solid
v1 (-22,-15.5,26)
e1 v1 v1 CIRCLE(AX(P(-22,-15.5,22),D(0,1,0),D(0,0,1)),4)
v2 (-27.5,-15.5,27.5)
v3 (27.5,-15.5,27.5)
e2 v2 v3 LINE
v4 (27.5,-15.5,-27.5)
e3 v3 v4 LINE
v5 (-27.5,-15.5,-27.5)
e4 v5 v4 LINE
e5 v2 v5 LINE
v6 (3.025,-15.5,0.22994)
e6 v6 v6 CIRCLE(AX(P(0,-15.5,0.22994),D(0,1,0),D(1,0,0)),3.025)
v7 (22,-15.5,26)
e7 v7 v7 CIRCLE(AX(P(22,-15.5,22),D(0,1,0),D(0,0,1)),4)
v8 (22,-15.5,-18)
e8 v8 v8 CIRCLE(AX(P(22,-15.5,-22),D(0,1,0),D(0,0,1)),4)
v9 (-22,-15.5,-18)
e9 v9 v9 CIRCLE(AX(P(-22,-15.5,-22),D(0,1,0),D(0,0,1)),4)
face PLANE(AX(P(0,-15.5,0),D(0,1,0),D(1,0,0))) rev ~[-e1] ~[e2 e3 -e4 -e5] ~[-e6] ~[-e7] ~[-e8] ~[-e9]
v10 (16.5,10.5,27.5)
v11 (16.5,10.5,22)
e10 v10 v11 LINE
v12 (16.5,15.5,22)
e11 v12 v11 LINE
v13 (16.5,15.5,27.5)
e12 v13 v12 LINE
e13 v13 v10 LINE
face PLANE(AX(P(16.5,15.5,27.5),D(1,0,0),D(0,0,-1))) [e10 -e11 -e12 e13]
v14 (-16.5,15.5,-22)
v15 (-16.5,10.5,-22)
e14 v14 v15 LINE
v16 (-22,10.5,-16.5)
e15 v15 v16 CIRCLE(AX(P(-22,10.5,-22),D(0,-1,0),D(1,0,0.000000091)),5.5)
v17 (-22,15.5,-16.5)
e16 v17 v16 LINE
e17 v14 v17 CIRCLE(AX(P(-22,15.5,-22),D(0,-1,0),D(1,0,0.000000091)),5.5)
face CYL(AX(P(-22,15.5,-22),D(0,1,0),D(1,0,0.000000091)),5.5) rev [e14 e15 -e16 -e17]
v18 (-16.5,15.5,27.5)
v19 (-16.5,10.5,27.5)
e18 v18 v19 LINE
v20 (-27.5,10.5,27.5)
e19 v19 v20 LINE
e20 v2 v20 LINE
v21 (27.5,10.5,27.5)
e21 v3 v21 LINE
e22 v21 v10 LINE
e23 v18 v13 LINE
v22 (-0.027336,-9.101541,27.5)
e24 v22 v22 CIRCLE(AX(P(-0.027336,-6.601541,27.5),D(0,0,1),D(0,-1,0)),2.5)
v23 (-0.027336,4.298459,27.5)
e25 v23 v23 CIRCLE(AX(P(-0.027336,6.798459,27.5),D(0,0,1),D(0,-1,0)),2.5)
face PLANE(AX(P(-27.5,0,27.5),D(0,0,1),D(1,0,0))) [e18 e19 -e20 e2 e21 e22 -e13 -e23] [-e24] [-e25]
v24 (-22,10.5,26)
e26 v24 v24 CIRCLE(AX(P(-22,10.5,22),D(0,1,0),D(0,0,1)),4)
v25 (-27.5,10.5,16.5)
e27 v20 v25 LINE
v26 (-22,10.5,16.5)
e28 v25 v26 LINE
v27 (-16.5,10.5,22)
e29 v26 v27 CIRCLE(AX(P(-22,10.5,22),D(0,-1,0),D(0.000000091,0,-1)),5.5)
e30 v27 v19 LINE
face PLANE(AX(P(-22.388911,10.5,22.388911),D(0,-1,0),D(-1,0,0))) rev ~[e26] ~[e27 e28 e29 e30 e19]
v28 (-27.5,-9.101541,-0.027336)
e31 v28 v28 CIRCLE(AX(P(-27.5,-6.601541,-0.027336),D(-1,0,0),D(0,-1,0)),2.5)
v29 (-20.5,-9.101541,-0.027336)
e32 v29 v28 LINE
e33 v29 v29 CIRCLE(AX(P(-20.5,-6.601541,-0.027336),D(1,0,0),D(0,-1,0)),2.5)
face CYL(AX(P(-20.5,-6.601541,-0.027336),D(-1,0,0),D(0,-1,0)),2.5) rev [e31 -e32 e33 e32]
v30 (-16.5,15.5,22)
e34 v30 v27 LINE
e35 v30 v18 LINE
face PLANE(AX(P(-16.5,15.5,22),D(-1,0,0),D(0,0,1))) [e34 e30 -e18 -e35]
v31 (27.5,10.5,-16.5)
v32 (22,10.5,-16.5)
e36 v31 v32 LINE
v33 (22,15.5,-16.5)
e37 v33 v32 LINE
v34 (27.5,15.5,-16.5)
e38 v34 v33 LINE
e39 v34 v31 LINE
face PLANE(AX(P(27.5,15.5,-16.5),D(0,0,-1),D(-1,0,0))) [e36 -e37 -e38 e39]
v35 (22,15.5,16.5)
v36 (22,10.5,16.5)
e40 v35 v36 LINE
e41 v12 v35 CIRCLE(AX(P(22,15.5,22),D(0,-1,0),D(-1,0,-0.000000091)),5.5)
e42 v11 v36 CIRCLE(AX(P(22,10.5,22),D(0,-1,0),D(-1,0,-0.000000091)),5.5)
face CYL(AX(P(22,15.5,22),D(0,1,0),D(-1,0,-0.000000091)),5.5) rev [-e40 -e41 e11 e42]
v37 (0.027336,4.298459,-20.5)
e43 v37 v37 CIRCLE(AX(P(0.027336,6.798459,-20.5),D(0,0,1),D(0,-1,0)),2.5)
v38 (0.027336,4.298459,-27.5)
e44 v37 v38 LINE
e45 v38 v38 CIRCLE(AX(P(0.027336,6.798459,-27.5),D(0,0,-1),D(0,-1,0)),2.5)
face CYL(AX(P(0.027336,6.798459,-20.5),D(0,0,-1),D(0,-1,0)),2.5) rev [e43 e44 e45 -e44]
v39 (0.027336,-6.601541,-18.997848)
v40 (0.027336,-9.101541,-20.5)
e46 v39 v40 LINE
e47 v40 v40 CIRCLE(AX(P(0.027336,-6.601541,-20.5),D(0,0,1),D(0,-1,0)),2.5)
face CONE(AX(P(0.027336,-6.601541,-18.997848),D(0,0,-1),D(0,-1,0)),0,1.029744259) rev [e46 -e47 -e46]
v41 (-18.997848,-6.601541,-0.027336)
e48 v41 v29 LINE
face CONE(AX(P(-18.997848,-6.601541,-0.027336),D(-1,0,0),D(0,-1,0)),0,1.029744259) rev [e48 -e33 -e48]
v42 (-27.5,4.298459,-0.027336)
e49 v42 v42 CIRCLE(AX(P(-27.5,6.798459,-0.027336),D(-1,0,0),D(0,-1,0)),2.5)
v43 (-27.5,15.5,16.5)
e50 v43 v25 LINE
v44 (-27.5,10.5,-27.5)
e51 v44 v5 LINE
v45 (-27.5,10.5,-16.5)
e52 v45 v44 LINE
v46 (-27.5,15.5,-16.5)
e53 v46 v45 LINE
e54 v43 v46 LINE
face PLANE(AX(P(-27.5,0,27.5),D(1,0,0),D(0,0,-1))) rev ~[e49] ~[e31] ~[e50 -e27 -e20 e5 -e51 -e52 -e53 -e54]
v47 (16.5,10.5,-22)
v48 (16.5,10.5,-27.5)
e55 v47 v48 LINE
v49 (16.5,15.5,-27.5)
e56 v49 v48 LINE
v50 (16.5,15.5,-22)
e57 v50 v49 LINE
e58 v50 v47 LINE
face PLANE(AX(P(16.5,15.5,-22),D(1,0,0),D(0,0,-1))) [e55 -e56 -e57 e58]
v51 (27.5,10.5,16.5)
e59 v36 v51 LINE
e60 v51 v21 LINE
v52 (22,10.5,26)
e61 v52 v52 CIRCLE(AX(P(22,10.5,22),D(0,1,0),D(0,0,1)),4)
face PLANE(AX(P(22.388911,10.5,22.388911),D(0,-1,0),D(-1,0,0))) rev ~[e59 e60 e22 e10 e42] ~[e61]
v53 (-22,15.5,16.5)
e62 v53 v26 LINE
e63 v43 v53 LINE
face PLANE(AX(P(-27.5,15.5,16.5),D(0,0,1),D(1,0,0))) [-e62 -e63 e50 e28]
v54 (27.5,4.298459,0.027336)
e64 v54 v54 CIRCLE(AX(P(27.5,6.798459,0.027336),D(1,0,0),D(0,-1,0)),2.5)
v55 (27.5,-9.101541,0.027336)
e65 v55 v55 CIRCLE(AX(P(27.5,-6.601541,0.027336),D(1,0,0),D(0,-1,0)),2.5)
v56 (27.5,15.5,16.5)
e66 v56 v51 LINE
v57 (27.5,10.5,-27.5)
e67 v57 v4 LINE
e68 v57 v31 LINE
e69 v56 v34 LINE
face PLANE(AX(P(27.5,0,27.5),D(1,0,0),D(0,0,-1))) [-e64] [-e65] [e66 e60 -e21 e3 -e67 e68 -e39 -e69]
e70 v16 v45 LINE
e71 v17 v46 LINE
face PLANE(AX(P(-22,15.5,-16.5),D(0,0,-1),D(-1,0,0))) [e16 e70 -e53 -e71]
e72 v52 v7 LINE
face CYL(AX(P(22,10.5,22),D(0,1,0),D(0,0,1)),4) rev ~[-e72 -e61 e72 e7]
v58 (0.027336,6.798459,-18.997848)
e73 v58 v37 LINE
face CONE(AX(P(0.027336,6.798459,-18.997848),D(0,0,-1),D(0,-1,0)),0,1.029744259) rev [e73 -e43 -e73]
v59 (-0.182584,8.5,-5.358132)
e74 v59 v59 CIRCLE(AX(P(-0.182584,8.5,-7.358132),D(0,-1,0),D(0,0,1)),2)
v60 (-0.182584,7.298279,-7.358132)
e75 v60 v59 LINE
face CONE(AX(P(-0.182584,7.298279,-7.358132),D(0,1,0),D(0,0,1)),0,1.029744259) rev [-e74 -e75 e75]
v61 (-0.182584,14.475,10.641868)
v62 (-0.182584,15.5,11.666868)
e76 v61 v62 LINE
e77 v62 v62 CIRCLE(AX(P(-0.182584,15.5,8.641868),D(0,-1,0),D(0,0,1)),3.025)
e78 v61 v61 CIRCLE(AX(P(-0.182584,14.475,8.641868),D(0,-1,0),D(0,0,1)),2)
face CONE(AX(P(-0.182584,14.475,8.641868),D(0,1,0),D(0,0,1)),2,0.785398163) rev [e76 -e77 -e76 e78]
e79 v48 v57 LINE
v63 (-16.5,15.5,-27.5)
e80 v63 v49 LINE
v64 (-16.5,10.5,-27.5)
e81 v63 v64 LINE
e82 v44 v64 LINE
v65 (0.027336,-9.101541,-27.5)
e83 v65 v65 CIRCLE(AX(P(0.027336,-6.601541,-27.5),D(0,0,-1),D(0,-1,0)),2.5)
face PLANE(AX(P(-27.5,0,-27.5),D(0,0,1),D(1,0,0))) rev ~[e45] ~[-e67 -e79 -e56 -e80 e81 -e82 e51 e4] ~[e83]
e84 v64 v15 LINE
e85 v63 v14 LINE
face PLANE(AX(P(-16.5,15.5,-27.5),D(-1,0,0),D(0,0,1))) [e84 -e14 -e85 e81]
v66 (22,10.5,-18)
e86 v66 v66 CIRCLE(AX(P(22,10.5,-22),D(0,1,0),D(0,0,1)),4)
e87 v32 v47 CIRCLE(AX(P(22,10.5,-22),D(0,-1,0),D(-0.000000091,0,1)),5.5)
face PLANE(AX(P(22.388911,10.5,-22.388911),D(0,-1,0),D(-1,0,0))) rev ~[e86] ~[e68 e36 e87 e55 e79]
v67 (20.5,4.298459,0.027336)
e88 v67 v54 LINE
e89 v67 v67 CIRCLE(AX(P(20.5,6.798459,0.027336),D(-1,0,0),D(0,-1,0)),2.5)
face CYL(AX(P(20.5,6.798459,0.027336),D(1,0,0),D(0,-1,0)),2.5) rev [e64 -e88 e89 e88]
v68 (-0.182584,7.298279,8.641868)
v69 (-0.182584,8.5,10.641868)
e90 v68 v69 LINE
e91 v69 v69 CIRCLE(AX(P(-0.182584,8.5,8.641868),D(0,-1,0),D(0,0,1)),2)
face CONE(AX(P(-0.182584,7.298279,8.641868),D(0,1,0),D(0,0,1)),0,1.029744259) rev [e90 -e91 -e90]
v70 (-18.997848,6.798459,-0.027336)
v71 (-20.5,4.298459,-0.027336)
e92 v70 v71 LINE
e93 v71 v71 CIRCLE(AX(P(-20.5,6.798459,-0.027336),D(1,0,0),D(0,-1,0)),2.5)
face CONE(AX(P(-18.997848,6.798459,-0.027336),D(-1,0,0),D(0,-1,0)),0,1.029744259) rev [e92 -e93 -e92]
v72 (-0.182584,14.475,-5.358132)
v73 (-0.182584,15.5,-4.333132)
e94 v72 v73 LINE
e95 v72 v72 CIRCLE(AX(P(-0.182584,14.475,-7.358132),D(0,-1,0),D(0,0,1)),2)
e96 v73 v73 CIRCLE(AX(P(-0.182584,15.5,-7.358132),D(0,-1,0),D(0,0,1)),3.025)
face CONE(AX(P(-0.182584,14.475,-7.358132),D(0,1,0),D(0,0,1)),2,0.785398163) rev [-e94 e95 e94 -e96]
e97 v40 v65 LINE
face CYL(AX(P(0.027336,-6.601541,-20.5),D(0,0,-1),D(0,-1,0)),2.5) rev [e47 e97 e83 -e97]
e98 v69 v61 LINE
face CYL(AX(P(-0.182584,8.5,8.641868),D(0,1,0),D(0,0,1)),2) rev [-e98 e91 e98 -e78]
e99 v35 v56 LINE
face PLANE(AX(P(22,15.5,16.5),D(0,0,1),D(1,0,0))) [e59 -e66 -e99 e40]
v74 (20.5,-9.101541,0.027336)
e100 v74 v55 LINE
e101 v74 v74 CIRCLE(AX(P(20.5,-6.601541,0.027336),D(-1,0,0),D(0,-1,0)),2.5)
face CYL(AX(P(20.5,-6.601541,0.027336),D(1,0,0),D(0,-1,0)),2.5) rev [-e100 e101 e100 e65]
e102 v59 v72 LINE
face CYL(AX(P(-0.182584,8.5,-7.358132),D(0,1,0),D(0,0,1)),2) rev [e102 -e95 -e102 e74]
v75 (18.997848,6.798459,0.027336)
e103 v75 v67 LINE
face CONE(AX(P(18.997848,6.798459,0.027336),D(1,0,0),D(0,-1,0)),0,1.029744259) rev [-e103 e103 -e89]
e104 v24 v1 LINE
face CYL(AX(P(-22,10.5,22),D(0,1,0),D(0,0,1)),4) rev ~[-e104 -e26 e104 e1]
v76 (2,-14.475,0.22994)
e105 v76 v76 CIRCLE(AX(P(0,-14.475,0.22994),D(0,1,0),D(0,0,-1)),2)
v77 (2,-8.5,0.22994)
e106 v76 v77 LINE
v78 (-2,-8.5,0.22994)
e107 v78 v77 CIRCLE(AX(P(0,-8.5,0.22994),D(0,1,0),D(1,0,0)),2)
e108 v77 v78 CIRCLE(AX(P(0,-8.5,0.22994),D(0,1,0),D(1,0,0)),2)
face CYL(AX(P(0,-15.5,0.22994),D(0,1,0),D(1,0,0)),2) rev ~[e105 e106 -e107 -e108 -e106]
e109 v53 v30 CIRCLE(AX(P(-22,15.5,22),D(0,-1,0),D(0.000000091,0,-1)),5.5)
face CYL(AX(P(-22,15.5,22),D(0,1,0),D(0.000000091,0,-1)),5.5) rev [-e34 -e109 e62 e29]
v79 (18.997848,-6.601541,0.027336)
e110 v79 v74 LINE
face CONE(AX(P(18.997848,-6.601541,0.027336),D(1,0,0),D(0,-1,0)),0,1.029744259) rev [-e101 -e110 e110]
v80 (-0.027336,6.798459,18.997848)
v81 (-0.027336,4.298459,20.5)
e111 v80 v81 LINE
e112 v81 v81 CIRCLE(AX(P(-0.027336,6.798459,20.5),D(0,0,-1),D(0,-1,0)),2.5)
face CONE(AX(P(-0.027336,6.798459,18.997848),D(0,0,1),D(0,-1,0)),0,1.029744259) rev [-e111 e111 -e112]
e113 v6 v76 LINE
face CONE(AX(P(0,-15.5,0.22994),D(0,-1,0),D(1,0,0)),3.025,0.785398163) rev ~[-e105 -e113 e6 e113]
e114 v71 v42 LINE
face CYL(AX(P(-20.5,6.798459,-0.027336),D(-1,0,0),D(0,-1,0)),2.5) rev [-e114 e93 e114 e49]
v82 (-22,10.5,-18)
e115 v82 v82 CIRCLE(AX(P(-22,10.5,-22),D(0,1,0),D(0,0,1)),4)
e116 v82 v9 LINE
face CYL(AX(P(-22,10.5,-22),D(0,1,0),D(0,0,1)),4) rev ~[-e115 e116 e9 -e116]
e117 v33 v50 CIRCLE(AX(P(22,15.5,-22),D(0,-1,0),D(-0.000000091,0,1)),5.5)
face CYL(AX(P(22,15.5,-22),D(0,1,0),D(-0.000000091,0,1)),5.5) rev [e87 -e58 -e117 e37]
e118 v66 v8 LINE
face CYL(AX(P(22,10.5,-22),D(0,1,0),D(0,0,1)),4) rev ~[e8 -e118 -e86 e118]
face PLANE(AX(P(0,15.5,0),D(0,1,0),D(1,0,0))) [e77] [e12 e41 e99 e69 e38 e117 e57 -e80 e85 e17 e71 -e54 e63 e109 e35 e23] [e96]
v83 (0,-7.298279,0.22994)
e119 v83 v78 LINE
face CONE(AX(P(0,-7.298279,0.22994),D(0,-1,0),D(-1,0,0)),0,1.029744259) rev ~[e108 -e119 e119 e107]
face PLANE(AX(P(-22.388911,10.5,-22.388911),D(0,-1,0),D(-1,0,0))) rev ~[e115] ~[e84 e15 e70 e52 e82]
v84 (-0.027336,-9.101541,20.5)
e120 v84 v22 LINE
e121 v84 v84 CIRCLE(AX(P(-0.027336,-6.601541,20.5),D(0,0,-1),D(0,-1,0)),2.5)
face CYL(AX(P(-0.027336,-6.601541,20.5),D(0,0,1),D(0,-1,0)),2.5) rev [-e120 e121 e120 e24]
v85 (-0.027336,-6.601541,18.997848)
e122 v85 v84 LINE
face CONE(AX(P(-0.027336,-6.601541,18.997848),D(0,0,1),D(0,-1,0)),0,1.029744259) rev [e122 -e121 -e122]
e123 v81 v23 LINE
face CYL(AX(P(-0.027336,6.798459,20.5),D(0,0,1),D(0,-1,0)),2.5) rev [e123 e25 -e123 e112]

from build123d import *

# Parameters (mm, degrees)
SKETCH_1_W                   = 55
SKETCH_1_H                   = 55
EXTRUDE_1_DEPTH              = 15.5
CUT_EXTRUDE_1_DEPTH          = 5
SKETCH_4_R                   = 4
CUT_EXTRUDE_2_DEPTH          = 47.781406563
PATTERN_LINEAR_3_COUNT       = 2
PATTERN_LINEAR_3_PITCH       = 16
PATTERN_LINEAR_4_COUNT       = 2
PATTERN_LINEAR_4_PITCH       = 13.4
PATTERN_CIRCULAR_2_COUNT     = 4
HOLE_WIZARD_M6_3_D           = 4
HOLE_WIZARD_M6_3_DEPTH       = 7
HOLE_WIZARD_M6_3_CSINK_D     = 6.05
HOLE_WIZARD_M6_3_CSINK_ANGLE = 90
HOLE_WIZARD_M6_3_TIP         = 1.201721238


with BuildPart() as part:
    # 草图1 → 凸台-拉伸1 (new, symmetric)
    with BuildSketch(Plane(origin=(0, 0, 0), x_dir=(1, 0, 0), z_dir=(0, 1, 0))):
        Rectangle(SKETCH_1_W, SKETCH_1_H)
    extrude(amount=EXTRUDE_1_DEPTH, both=True)

    # 草图2 → 切除-拉伸1 (cut)
    with BuildSketch(Plane(origin=(0, 15.5, 0), x_dir=(1, 0, 0), z_dir=(0, 1, 0))):
        with BuildLine():
            Line((16.5, 22), (16.5, 27.5))
            Line((16.5, 27.5), (27.5, 27.5))
            Line((27.5, 27.5), (27.5, 16.5))
            Line((27.5, 16.5), (21.999999502, 16.5))
            ThreePointArc((21.999999502, 16.5), (18.110912527, 18.11091288), (16.5, 22))
        make_face()
        with BuildLine():
            Line((22, -16.5), (27.5, -16.5))
            Line((27.5, -16.5), (27.5, -27.5))
            Line((27.5, -27.5), (16.5, -27.5))
            Line((16.5, -27.5), (16.5, -21.999999502))
            ThreePointArc((16.5, -21.999999502), (18.11091288, -18.110912527), (22, -16.5))
        make_face()
        with BuildLine():
            Line((-16.5, -22), (-16.5, -27.5))
            Line((-16.5, -27.5), (-27.5, -27.5))
            Line((-27.5, -27.5), (-27.5, -16.5))
            Line((-27.5, -16.5), (-21.999999502, -16.5))
            ThreePointArc((-21.999999502, -16.5), (-18.110912527, -18.11091288), (-16.5, -22))
        make_face()
        with BuildLine():
            Line((-22, 16.5), (-27.5, 16.5))
            Line((-27.5, 16.5), (-27.5, 27.5))
            Line((-27.5, 27.5), (-16.5, 27.5))
            Line((-16.5, 27.5), (-16.5, 21.999999502))
            ThreePointArc((-16.5, 21.999999502), (-18.11091288, 18.110912527), (-22, 16.5))
        make_face()
    extrude(amount=-CUT_EXTRUDE_1_DEPTH, mode=Mode.SUBTRACT)

    # 草图4 → 切除-拉伸2 (cut, through all)
    with BuildSketch(Plane(origin=(0, 10.5, 0), x_dir=(1, 0, 0), z_dir=(0, 1, 0))):
        with Locations(Location((22, 22, 0), (0, 0, 270))):
            Circle(SKETCH_4_R)
        with Locations(Location((22, -22, 0), (0, 0, 270))):
            Circle(SKETCH_4_R)
        with Locations(Location((-22, -22, 0), (0, 0, 270))):
            Circle(SKETCH_4_R)
        with Locations(Location((-22, 22, 0), (0, 0, 270))):
            Circle(SKETCH_4_R)
    extrude(amount=-CUT_EXTRUDE_2_DEPTH, mode=Mode.SUBTRACT)

    # 草图6 → M6 螺纹孔1 (revolve, cut)
    with BuildSketch(Plane(origin=(-0.027335572, -6.601540671, 27.5), x_dir=(0, -1, 0), z_dir=(1, 0, 0))):
        Polygon((0, 0), (0, 8.502151548), (2.5, 7), (2.5, -0.5), (2, 0), align=None)
    hole_wizard_m6_1 = revolve(axis=Axis((-0.027335572, -6.601540671, 33.85), (0, 0, -1)), mode=Mode.SUBTRACT)

    # 草图8 → M6 螺纹孔2 (revolve, cut)
    with BuildSketch(Plane(origin=(-0.182583925, 15.5, -7.358132173), x_dir=(0, 0, 1), z_dir=(1, 0, 0))):
        Polygon((0, 0), (0, 8.201721238), (2, 7), (2, 1.025), (3.025, 0), align=None)
    hole_wizard_m6_2 = revolve(axis=Axis((-0.182583925, 21.85, -7.358132173), (0, -1, 0)), mode=Mode.SUBTRACT)

    # 阵列(线性)3: M6 螺纹孔2 ×2
    with Locations(*[(0, 0, i * PATTERN_LINEAR_3_PITCH) for i in range(1, PATTERN_LINEAR_3_COUNT)]):
        add(hole_wizard_m6_2, mode=Mode.SUBTRACT)

    # 阵列(线性)4: M6 螺纹孔1 ×2
    with Locations(*[(0, i * PATTERN_LINEAR_4_PITCH, 0) for i in range(1, PATTERN_LINEAR_4_COUNT)]):
        add(hole_wizard_m6_1, mode=Mode.SUBTRACT)

    # 阵列(圆周)2: M6 螺纹孔1 ×4 about axis
    pattern_circular_2_axis = Axis((0, 0, 0), (0, 1, 0))
    for i in range(1, PATTERN_CIRCULAR_2_COUNT):
        add(hole_wizard_m6_1.rotate(pattern_circular_2_axis, i * 360 / PATTERN_CIRCULAR_2_COUNT), mode=Mode.SUBTRACT)

    # 阵列(圆周)2 copy 1 sketch → 阵列(圆周)2 copy 1 (revolve, cut)
    with BuildSketch(Plane(origin=(27.5, 6.798459329, 0.027335572), x_dir=(0, -1, 0), z_dir=(0, 0, -1))):
        Polygon((0, 0), (0, 8.502151548), (2.5, 7), (2.5, -0.5), (2, 0), align=None)
    revolve(axis=Axis((33.85, 6.798459329, 0.027335572), (-1, 0, 0)), mode=Mode.SUBTRACT)

    # 阵列(圆周)2 copy 2 sketch → 阵列(圆周)2 copy 2 (revolve, cut)
    with BuildSketch(Plane(origin=(0.027335572, 6.798459329, -27.5), x_dir=(0, -1, 0), z_dir=(-1, 0, 0))):
        Polygon((0, 0), (0, 8.502151548), (2.5, 7), (2.5, -0.5), (2, 0), align=None)
    revolve(axis=Axis((0.027335572, 6.798459329, -33.85), (0, 0, 1)), mode=Mode.SUBTRACT)

    # 阵列(圆周)2 copy 3 sketch → 阵列(圆周)2 copy 3 (revolve, cut)
    with BuildSketch(Plane(origin=(-27.5, 6.798459329, -0.027335572), x_dir=(0, -1, 0), z_dir=(0, 0, 1))):
        Polygon((0, 0), (0, 8.502151548), (2.5, 7), (2.5, -0.5), (2, 0), align=None)
    revolve(axis=Axis((-33.85, 6.798459329, -0.027335572), (1, 0, 0)), mode=Mode.SUBTRACT)

    # M6 螺纹孔3
    with Locations(Plane(origin=(-6.578522575, -15.5, 8.386748618), x_dir=(-1, 0, 0), z_dir=(0, -1, 0))):
        with Locations((-6.578522575, 8.156808217)):
            CounterSinkHole(HOLE_WIZARD_M6_3_D / 2, HOLE_WIZARD_M6_3_CSINK_D / 2, depth=HOLE_WIZARD_M6_3_DEPTH, counter_sink_angle=HOLE_WIZARD_M6_3_CSINK_ANGLE)
            with Locations((0, 0, -(HOLE_WIZARD_M6_3_DEPTH + HOLE_WIZARD_M6_3_TIP / 2))):  # 118° drill point
                Cone(0, HOLE_WIZARD_M6_3_D / 2, HOLE_WIZARD_M6_3_TIP, mode=Mode.SUBTRACT)


solid = part.part
